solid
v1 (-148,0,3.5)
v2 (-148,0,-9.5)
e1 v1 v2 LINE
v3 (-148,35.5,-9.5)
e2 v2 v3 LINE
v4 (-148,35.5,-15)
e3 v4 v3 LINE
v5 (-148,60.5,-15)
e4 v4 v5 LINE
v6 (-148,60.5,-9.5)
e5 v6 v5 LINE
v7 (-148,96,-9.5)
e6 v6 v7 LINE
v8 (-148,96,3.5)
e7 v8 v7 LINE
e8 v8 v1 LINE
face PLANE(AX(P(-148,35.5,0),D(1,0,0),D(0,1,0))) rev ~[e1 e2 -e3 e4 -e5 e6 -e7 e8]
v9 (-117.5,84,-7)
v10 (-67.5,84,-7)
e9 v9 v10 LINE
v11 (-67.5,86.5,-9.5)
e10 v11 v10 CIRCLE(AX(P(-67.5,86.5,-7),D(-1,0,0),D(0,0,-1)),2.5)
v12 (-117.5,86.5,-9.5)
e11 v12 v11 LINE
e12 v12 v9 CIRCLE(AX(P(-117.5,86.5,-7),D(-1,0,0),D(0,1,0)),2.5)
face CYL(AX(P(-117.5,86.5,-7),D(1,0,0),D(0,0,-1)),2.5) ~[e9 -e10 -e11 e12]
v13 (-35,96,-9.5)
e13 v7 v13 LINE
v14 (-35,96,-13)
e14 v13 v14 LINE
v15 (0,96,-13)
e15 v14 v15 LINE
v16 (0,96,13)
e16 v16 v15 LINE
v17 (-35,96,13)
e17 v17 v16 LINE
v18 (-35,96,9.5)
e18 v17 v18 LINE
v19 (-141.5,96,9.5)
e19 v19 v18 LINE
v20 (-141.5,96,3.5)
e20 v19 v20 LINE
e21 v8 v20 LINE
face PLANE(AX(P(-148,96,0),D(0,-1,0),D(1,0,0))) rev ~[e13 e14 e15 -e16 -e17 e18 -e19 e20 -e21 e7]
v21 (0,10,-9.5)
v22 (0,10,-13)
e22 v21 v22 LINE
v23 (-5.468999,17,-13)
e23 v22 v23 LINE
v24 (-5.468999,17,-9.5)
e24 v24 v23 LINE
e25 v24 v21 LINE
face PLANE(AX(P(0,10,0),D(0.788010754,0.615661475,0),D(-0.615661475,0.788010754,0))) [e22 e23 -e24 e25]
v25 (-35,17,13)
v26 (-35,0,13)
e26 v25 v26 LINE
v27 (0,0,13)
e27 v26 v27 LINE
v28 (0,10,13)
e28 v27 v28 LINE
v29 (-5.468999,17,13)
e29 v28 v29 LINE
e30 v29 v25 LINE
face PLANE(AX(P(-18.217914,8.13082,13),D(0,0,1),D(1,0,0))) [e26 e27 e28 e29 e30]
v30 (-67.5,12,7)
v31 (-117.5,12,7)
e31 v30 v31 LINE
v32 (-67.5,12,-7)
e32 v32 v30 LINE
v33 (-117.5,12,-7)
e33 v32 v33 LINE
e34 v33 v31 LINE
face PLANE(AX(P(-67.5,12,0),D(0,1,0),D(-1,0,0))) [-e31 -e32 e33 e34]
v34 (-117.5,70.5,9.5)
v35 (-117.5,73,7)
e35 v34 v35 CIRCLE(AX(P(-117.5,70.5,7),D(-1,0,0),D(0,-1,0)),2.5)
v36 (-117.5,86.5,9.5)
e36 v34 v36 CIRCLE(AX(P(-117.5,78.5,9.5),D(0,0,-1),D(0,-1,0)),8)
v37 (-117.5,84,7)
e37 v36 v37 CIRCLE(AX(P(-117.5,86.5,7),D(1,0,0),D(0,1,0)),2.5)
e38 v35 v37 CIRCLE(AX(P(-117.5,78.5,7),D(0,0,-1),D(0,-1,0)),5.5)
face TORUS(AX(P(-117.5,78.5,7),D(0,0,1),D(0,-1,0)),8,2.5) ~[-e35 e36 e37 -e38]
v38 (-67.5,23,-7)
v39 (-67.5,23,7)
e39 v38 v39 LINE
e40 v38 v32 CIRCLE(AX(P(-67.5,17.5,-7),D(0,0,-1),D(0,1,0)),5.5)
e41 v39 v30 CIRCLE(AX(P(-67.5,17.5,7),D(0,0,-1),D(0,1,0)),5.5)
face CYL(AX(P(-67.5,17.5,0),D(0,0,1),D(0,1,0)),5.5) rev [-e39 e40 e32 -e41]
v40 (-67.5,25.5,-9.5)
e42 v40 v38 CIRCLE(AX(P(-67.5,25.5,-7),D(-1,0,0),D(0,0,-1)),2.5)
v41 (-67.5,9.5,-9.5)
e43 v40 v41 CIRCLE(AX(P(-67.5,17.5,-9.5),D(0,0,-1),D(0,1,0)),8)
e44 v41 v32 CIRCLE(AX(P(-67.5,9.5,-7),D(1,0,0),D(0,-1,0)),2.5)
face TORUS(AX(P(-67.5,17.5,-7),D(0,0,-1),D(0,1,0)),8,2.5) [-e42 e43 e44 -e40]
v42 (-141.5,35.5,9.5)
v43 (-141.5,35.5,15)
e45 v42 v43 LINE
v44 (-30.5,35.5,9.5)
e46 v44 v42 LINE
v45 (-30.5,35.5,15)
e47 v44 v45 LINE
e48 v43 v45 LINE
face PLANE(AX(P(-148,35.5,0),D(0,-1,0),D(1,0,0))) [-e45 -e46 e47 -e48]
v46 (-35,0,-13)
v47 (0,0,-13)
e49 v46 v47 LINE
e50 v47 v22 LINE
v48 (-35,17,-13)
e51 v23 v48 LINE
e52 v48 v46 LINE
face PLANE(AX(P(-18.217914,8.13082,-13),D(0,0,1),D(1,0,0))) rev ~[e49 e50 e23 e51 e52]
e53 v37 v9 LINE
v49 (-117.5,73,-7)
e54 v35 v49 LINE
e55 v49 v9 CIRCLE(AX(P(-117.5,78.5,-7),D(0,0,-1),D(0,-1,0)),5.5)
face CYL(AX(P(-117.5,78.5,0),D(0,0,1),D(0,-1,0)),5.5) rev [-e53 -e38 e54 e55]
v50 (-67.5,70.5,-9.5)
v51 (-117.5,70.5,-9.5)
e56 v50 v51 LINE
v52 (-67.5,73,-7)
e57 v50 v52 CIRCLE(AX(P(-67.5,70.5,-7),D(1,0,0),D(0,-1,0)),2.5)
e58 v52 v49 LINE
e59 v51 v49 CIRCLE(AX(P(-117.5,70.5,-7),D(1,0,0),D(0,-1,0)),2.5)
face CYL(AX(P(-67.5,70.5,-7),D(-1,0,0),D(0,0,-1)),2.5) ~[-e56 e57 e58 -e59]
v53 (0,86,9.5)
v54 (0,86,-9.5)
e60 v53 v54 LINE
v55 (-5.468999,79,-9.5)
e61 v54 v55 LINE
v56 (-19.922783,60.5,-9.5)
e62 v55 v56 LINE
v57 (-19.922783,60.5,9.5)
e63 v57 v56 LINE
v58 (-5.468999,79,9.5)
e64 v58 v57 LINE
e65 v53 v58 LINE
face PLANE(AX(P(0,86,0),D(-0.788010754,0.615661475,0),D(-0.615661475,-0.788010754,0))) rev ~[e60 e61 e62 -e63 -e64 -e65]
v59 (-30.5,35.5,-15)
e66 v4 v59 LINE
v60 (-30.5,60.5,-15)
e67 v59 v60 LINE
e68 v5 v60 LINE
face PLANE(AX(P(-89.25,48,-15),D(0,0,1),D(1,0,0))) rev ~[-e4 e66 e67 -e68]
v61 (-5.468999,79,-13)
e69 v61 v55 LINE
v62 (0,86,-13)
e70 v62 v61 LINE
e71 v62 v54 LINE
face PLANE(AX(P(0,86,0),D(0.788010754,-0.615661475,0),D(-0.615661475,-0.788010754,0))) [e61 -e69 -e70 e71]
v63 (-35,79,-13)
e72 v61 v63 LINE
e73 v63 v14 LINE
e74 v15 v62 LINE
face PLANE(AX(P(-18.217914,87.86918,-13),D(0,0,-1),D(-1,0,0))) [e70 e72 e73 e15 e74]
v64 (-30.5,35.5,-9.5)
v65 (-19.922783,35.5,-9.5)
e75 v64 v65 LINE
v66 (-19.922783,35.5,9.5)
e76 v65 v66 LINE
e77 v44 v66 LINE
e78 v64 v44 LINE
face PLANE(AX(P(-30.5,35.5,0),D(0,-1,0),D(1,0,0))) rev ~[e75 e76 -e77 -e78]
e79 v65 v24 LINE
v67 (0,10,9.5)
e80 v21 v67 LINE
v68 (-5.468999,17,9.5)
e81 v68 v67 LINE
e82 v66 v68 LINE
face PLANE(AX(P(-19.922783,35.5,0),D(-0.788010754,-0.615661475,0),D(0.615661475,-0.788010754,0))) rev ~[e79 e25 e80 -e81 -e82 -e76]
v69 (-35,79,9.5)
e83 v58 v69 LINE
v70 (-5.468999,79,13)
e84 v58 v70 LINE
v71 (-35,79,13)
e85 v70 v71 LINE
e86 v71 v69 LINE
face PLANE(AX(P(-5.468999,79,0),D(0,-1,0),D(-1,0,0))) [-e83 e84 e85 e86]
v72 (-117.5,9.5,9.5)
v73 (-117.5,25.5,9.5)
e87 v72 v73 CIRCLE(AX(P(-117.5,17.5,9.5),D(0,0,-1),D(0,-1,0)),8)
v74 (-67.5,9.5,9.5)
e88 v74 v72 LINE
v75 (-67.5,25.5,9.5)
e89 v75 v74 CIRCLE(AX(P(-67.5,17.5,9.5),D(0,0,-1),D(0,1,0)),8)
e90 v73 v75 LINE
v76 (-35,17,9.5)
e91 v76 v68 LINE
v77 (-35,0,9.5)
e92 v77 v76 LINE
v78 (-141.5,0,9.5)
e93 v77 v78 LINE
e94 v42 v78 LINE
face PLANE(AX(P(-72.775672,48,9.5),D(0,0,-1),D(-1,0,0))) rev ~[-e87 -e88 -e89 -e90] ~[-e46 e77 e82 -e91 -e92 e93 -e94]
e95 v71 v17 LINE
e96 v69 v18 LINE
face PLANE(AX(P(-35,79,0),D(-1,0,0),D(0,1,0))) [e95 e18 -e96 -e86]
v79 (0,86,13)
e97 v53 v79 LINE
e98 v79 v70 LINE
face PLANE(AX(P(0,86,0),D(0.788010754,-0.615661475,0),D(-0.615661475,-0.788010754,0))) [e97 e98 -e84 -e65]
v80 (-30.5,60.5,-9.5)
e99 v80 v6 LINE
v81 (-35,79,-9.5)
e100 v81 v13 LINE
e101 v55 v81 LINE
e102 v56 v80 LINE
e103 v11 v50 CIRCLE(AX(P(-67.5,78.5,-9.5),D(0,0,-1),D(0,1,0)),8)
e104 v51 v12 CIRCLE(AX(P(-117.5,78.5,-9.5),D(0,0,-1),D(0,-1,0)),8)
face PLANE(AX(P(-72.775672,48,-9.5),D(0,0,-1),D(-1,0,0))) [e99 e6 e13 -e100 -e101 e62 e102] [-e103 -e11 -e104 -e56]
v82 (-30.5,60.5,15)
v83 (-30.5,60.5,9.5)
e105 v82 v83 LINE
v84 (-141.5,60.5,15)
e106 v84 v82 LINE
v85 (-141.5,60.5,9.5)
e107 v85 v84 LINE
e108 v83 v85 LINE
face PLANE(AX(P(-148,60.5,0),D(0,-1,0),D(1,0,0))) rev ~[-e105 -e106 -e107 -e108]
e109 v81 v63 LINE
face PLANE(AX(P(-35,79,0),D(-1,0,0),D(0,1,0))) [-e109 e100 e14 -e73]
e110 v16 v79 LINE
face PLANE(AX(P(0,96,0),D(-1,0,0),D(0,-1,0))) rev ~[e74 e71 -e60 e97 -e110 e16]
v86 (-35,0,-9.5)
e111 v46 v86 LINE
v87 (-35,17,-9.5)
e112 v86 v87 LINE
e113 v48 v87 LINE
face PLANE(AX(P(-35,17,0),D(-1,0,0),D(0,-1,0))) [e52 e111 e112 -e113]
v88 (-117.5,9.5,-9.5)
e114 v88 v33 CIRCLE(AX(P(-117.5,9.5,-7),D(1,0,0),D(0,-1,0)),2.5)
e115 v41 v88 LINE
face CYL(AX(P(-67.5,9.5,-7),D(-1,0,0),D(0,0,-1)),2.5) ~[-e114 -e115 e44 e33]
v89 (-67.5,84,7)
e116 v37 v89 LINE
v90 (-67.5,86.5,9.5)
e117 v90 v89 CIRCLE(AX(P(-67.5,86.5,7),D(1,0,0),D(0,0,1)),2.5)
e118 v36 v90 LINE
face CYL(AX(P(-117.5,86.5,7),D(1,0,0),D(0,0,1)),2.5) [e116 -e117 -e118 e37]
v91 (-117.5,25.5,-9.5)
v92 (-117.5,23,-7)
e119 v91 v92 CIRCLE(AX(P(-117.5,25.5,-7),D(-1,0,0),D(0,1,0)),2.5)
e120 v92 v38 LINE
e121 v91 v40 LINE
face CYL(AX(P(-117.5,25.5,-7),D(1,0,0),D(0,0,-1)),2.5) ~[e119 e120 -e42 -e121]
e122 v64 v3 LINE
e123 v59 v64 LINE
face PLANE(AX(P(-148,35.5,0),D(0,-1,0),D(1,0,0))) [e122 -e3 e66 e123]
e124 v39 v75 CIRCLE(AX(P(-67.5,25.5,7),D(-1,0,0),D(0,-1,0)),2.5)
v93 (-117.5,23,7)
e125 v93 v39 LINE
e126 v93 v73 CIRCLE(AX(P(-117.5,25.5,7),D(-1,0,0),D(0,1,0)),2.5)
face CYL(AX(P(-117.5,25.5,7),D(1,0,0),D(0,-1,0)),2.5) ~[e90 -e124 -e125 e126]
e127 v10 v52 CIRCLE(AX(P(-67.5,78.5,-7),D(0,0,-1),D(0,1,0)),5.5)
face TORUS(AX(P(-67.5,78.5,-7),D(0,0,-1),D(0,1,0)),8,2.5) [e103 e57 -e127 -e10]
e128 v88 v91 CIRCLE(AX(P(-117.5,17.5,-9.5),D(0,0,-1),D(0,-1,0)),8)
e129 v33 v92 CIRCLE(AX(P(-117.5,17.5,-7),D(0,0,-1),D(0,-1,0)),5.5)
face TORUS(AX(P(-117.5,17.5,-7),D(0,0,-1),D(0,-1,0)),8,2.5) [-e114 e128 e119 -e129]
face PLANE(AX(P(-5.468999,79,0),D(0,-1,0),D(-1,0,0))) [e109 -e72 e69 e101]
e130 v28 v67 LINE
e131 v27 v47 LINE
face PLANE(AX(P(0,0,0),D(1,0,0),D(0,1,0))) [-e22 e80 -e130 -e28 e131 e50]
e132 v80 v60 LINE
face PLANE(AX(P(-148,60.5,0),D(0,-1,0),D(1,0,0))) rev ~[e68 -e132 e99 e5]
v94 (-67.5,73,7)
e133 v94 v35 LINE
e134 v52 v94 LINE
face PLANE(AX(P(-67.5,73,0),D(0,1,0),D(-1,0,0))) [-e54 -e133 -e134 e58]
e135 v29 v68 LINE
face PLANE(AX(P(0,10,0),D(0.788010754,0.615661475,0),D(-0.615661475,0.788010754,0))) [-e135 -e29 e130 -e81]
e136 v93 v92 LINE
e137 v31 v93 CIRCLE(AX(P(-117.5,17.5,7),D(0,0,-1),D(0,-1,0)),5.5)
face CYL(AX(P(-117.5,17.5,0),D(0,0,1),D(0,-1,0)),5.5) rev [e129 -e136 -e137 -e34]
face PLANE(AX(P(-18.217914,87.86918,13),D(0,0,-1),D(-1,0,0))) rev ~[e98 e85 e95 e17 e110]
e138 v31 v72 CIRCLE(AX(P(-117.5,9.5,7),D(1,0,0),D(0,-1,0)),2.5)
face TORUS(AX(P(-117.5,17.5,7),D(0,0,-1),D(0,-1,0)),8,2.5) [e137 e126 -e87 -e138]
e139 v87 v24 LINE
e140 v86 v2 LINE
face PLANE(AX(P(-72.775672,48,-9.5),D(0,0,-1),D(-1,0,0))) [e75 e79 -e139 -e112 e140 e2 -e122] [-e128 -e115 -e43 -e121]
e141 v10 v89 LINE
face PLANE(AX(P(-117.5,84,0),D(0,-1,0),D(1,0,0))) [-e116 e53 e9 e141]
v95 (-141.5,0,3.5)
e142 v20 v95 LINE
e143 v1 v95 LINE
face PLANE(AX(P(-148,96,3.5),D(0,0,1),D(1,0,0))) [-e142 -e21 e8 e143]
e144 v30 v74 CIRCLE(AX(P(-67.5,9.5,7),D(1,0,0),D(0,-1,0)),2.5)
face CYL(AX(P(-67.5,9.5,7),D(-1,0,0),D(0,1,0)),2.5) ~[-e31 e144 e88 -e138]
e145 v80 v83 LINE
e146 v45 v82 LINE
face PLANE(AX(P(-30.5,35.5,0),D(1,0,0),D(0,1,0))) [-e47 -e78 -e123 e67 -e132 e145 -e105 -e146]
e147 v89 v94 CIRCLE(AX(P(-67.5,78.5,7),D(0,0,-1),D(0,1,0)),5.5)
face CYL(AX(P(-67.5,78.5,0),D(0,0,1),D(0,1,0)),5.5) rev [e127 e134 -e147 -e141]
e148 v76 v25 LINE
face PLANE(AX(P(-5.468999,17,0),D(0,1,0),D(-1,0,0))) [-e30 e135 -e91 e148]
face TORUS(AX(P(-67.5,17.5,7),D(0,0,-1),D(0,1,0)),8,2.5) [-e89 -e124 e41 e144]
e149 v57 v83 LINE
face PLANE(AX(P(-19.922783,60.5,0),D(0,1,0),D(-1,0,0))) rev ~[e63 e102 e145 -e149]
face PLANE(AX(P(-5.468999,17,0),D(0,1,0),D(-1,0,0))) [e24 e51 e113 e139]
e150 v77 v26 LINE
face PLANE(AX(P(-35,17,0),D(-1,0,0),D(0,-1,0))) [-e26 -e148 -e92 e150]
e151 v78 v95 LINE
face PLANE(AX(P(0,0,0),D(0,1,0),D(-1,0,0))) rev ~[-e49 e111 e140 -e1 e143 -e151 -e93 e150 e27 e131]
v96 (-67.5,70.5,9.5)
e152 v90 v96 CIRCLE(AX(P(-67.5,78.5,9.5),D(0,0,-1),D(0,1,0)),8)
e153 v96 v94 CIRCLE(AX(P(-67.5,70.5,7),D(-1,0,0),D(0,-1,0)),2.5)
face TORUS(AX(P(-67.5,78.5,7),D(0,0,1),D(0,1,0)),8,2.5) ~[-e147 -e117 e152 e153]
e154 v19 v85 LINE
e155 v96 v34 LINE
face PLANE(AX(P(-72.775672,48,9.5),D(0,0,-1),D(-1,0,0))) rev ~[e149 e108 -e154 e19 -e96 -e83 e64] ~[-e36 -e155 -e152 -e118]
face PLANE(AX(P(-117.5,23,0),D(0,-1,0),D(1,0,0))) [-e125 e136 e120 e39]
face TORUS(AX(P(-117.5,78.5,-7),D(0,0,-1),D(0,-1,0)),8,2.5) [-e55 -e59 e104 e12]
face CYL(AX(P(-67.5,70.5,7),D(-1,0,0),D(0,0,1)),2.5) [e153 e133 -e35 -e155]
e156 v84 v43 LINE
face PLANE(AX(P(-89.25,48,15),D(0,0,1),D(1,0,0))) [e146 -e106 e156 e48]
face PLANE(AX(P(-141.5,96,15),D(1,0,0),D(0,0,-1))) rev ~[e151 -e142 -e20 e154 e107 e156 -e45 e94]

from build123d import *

# Parameters (mm, degrees)
BOSS_EXTRUDE1_DEPTH = 9.5
SKETCH5_W           = 117.5
SKETCH5_H           = 25
BOSS_EXTRUDE4_DEPTH = 15
BOSS_EXTRUDE5_DEPTH = 13
SKETCH7_W           = 6.5
SKETCH7_H           = 11.5
CUT_EXTRUDE1_DEPTH  = 178.045191971
FILLET1_R           = 2.5


with BuildPart() as part:
    # Sketch1 → Boss-Extrude1 (new, symmetric)
    with BuildSketch(Plane.XY):
        Polygon((0, 0), (-148, 0), (-148, 96), (0, 96), (0, 86), (-19.922783476, 60.5), (-30.5, 60.5), (-30.5, 35.5), (-19.922783476, 35.5), (0, 10), align=None)
        with BuildLine():
            Line((-117.5, 84), (-67.5, 84))
            ThreePointArc((-67.5, 84), (-62, 78.5), (-67.5, 73))
            Line((-67.5, 73), (-117.5, 73))
            ThreePointArc((-117.5, 73), (-123, 78.5), (-117.5, 84))
        make_face(mode=Mode.SUBTRACT)
        with BuildLine():
            Line((-117.5, 23), (-67.5, 23))
            ThreePointArc((-67.5, 23), (-62, 17.5), (-67.5, 12))
            Line((-67.5, 12), (-117.5, 12))
            ThreePointArc((-117.5, 12), (-123, 17.5), (-117.5, 23))
        make_face(mode=Mode.SUBTRACT)
    extrude(amount=BOSS_EXTRUDE1_DEPTH, both=True)

    # Sketch5 → Boss-Extrude4 (add, symmetric)
    with BuildSketch(Plane.XY):
        with Locations((-89.25, 48)):
            Rectangle(SKETCH5_W, SKETCH5_H)
    extrude(amount=BOSS_EXTRUDE4_DEPTH, both=True)

    # Sketch6 → Boss-Extrude5 (add, symmetric)
    with BuildSketch(Plane.XY):
        Polygon((-5.468999386, 79), (-35, 79), (-35, 96), (0, 96), (0, 86), align=None)
        Polygon((-5.468999386, 17), (-35, 17), (-35, 0), (0, 0), (0, 10), align=None)
    extrude(amount=BOSS_EXTRUDE5_DEPTH, both=True)

    # Sketch7 → Cut-Extrude1 (cut, through all)
    with BuildSketch(Plane(origin=(0, 96, 0), x_dir=(1, 0, 0), z_dir=(0, 1, 0))):
        with Locations((-144.75, -9.25)):
            Rectangle(SKETCH7_W, SKETCH7_H)
    extrude(amount=-CUT_EXTRUDE1_DEPTH, mode=Mode.SUBTRACT)

    # Fillet1
    fillet1_edges = [part.edges().sort_by_distance(p)[0] for p in [
        (-123, 78.5, -9.5),
        (-92.5, 73, -9.5),
        (-62, 78.5, -9.5),
        (-92.5, 84, -9.5),
        (-123, 78.5, 9.5),
        (-92.5, 73, 9.5),
        (-62, 78.5, 9.5),
        (-92.5, 84, 9.5),
        (-123, 17.5, -9.5),
        (-92.5, 12, -9.5),
        (-62, 17.5, -9.5),
        (-92.5, 23, -9.5),
        (-123, 17.5, 9.5),
        (-92.5, 12, 9.5),
        (-62, 17.5, 9.5),
        (-92.5, 23, 9.5),
    ]]
    fillet(fillet1_edges, radius=FILLET1_R)


solid = part.part
